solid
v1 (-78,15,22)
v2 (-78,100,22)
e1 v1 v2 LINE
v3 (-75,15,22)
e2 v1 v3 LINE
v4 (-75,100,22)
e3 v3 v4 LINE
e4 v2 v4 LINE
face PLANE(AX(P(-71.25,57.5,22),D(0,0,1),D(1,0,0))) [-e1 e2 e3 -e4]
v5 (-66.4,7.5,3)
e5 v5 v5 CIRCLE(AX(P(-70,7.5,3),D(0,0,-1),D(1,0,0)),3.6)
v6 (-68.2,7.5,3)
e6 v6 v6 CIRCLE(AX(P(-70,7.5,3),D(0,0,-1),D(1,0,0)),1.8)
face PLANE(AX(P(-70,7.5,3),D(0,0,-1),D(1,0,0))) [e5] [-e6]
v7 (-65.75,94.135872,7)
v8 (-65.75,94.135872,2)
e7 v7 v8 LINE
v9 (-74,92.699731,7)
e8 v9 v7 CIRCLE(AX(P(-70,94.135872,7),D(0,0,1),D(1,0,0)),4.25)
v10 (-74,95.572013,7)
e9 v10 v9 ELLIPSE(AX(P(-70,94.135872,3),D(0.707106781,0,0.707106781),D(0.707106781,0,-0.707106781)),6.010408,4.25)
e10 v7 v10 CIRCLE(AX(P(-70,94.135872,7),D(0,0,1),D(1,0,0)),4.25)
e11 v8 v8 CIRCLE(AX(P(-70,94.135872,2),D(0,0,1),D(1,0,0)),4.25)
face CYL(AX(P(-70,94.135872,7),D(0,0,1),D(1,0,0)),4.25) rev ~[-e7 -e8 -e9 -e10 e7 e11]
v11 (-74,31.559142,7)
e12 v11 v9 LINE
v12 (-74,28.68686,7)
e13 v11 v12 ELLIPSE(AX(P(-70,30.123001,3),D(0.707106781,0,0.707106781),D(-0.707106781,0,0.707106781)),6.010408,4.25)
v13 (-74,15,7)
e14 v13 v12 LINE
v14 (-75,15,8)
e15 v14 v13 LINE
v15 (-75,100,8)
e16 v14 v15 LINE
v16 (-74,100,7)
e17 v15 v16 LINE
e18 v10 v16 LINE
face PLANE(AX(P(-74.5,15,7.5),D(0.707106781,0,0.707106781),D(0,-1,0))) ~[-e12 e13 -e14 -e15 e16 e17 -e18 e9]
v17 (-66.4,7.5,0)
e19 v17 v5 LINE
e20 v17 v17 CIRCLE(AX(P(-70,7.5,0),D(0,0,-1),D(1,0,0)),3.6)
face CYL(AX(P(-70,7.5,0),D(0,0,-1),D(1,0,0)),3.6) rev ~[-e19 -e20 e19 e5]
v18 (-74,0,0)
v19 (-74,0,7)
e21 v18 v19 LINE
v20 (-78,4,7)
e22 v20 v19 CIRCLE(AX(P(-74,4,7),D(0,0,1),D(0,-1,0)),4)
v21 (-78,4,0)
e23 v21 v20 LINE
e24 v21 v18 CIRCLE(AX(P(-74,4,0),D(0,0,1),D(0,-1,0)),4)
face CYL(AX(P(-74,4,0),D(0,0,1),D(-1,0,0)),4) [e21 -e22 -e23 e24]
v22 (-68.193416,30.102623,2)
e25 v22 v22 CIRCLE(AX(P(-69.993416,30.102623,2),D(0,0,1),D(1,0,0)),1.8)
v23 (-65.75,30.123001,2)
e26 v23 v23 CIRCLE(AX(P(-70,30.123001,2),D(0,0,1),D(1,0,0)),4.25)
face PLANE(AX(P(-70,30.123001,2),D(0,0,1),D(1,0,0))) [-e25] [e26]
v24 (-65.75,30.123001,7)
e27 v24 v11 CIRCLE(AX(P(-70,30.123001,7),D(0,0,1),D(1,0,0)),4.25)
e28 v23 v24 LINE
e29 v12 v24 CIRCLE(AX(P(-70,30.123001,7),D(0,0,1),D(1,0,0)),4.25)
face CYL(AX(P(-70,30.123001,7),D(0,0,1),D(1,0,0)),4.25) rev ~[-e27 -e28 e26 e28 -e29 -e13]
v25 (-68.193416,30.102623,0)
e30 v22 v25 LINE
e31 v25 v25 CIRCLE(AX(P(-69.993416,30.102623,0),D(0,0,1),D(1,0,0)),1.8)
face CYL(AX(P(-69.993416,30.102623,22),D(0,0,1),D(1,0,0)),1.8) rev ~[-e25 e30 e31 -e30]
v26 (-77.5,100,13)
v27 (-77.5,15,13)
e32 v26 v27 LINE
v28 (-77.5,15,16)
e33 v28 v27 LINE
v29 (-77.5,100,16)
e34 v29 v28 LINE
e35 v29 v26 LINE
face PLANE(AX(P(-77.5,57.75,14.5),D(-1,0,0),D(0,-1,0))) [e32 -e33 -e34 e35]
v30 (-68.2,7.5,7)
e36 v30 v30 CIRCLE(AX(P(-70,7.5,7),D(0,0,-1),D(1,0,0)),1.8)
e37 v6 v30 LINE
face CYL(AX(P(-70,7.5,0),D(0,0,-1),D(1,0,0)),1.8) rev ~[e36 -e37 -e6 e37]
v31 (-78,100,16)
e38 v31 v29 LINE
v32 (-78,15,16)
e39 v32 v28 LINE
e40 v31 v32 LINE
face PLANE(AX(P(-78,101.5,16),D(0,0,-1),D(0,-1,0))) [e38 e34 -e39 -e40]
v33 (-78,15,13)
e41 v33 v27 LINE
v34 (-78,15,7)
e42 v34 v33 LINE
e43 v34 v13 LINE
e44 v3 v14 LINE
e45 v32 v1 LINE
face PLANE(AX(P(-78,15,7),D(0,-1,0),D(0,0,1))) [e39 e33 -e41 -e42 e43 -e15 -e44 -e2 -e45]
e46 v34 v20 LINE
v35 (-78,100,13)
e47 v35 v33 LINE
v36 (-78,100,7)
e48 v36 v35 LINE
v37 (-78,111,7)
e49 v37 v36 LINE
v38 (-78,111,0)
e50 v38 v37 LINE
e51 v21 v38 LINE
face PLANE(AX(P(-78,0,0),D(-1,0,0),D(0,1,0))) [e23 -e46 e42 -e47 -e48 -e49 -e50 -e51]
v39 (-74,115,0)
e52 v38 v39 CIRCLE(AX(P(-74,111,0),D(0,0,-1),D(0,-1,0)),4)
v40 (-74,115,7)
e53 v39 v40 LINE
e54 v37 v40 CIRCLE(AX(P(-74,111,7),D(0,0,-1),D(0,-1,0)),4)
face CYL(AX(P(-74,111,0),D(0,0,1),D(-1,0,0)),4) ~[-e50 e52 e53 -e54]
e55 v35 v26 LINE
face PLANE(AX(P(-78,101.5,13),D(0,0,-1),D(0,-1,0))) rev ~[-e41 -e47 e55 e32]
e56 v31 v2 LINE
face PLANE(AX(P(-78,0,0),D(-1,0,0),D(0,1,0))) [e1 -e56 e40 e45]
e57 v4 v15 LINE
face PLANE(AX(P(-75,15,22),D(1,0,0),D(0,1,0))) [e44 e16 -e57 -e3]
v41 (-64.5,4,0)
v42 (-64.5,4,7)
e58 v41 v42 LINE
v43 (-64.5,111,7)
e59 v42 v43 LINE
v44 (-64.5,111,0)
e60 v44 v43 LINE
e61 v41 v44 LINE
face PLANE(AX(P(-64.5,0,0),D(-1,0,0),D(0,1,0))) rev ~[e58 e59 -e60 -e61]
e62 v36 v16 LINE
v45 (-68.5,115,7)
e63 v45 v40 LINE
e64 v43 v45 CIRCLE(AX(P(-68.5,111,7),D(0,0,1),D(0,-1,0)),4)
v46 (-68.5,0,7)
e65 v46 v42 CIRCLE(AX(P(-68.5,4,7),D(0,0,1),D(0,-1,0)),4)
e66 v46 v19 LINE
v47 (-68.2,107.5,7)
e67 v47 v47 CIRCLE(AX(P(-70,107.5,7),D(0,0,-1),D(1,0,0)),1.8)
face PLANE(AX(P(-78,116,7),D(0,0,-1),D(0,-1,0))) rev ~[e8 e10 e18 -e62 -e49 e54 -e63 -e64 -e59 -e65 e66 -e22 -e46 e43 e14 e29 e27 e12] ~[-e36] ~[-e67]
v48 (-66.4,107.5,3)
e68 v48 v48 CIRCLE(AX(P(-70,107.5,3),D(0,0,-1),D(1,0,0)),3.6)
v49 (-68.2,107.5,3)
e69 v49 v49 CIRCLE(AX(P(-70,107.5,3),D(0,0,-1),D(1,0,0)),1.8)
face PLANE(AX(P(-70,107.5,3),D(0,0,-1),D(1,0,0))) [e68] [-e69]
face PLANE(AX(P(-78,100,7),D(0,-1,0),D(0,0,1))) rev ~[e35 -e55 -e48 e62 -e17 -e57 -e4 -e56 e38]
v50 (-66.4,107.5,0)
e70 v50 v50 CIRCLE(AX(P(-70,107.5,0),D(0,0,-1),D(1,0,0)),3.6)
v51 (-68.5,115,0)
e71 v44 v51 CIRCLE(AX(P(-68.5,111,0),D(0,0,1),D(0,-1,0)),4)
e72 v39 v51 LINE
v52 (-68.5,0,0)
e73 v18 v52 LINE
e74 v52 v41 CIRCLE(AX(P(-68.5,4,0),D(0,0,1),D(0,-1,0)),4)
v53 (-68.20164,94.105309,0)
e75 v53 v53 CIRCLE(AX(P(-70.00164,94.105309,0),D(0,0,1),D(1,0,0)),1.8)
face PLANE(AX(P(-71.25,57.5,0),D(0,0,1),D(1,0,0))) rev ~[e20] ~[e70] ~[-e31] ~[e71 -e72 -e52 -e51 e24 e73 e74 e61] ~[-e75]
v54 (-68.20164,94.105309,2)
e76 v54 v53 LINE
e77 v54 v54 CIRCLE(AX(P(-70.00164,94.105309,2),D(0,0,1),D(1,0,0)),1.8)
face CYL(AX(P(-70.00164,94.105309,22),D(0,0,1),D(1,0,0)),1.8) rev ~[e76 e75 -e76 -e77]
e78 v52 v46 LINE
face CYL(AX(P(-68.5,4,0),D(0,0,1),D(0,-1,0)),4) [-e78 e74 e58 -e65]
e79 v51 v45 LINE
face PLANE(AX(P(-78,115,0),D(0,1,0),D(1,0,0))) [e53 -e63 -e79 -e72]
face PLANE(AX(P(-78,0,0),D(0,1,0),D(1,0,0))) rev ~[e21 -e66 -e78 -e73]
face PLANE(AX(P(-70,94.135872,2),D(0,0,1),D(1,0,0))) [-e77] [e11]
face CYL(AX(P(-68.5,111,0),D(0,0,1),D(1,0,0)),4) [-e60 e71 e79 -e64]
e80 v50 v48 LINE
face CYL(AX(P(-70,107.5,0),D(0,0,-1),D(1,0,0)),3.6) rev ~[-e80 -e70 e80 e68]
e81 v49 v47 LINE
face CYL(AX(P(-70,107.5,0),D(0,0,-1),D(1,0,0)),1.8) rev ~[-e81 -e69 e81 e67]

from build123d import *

# Parameters (mm, degrees)
SKETCH008_W     = 13.5
SKETCH008_H     = 115
PAD001_DEPTH    = 22
SKETCH009_W     = 16
SKETCH009_H     = 16
POCKET007_DEPTH = 30
SKETCH010_R     = 1.8
POCKET008_DEPTH = 22.001
SKETCH011_R     = 3.6
POCKET009_DEPTH = 18
SKETCH012_W     = 11
SKETCH012_H     = 85
POCKET010_DEPTH = 15
CHAMFER001_SIZE = 1
SKETCH013_W     = 87.5
SKETCH013_H     = 3
POCKET011_DEPTH = 0.5
SKETCH014_R     = 1.8
POCKET012_DEPTH = 22.001
SKETCH015_R     = 3.6
POCKET013_DEPTH = 3
FILLET003_R     = 4
SKETCH016_R     = 4.25
POCKET014_DEPTH = 5
SKETCH017_R     = 1.8
POCKET015_DEPTH = 19.001


with BuildPart() as part:
    # Sketch008 → Pad001 (new body)
    with BuildSketch(Plane.XY):
        with Locations((-71.25, 57.5)):
            Rectangle(SKETCH008_W, SKETCH008_H)
    extrude(amount=PAD001_DEPTH)

    # Sketch009 → Pocket007 (cut)
    with BuildSketch(Plane(origin=(-78, 0, 0), x_dir=(0, -1, 0), z_dir=(-1, 0, 0))):
        with Locations((-108, 15)):
            Rectangle(SKETCH009_W, SKETCH009_H)
        with Locations((-7, 15)):
            Rectangle(SKETCH009_W, SKETCH009_H)
    extrude(amount=-POCKET007_DEPTH, mode=Mode.SUBTRACT)

    # Sketch010 → Pocket008 (cut, through all)
    with BuildSketch(Plane.XY.offset(22)):
        with Locations((-70.00164, 94.105309)):
            Circle(SKETCH010_R)
        with Locations((-69.993416, 30.102623)):
            Circle(SKETCH010_R)
    extrude(amount=-POCKET008_DEPTH, mode=Mode.SUBTRACT)

    # Sketch011 → Pocket009 (cut)
    with BuildSketch(Plane.XY.offset(22)):
        with Locations((-70, 94.117142)):
            Circle(SKETCH011_R)
        with Locations((-70, 30.122299)):
            Circle(SKETCH011_R)
    extrude(amount=-POCKET009_DEPTH, mode=Mode.SUBTRACT)

    # Sketch012 → Pocket010 (cut)
    with BuildSketch(Plane.XY.offset(22)):
        with Locations((-69.5, 57.5)):
            Rectangle(SKETCH012_W, SKETCH012_H)
    extrude(amount=-POCKET010_DEPTH, mode=Mode.SUBTRACT)

    # Chamfer001
    chamfer001_edges = [part.edges().sort_by_distance(p)[0] for p in [
        (-75, 57.5, 7),
    ]]
    chamfer(chamfer001_edges, length=CHAMFER001_SIZE)

    # Sketch013 → Pocket011 (cut)
    with BuildSketch(Plane(origin=(-78, 0, 0), x_dir=(0, -1, 0), z_dir=(-1, 0, 0))):
        with Locations((-57.75, 14.5)):
            Rectangle(SKETCH013_W, SKETCH013_H)
    extrude(amount=-POCKET011_DEPTH, mode=Mode.SUBTRACT)

    # Sketch014 → Pocket012 (cut, through all)
    with BuildSketch(Plane(origin=(0, 0, 0), x_dir=(1, 0, 0), z_dir=(0, 0, -1))):
        with Locations((-70, -7.5)):
            Circle(SKETCH014_R)
        with Locations((-70, -107.5)):
            Circle(SKETCH014_R)
    extrude(amount=-POCKET012_DEPTH, mode=Mode.SUBTRACT)

    # Sketch015 → Pocket013 (cut)
    with BuildSketch(Plane(origin=(0, 0, 0), x_dir=(1, 0, 0), z_dir=(0, 0, -1))):
        with Locations((-70, -7.5)):
            Circle(SKETCH015_R)
        with Locations((-70, -107.5)):
            Circle(SKETCH015_R)
    extrude(amount=-POCKET013_DEPTH, mode=Mode.SUBTRACT)

    # Fillet003
    fillet003_edges = [part.edges().sort_by_distance(p)[0] for p in [
        (-78, 0, 3.5),
        (-64.5, 0, 3.5),
        (-64.5, 115, 3.5),
        (-78, 115, 3.5),
    ]]
    fillet(fillet003_edges, radius=FILLET003_R)

    # Sketch016 → Pocket014 (cut, symmetric)
    with BuildSketch(Plane.XY.offset(7)):
        with Locations((-70, 94.135872)):
            Circle(SKETCH016_R)
        with Locations((-70, 30.123001)):
            Circle(SKETCH016_R)
    extrude(amount=POCKET014_DEPTH, both=True, mode=Mode.SUBTRACT)

    # Sketch017 → Pocket015 (cut, through all)
    with BuildSketch(Plane(origin=(0, 0, 3), x_dir=(1, 0, 0), z_dir=(0, 0, -1))):
        with Locations((-70, 30.106855)):
            Circle(SKETCH017_R)
        with Locations((-70, 94.115112)):
            Circle(SKETCH017_R)
    extrude(amount=-POCKET015_DEPTH, mode=Mode.SUBTRACT)


solid = part.part
